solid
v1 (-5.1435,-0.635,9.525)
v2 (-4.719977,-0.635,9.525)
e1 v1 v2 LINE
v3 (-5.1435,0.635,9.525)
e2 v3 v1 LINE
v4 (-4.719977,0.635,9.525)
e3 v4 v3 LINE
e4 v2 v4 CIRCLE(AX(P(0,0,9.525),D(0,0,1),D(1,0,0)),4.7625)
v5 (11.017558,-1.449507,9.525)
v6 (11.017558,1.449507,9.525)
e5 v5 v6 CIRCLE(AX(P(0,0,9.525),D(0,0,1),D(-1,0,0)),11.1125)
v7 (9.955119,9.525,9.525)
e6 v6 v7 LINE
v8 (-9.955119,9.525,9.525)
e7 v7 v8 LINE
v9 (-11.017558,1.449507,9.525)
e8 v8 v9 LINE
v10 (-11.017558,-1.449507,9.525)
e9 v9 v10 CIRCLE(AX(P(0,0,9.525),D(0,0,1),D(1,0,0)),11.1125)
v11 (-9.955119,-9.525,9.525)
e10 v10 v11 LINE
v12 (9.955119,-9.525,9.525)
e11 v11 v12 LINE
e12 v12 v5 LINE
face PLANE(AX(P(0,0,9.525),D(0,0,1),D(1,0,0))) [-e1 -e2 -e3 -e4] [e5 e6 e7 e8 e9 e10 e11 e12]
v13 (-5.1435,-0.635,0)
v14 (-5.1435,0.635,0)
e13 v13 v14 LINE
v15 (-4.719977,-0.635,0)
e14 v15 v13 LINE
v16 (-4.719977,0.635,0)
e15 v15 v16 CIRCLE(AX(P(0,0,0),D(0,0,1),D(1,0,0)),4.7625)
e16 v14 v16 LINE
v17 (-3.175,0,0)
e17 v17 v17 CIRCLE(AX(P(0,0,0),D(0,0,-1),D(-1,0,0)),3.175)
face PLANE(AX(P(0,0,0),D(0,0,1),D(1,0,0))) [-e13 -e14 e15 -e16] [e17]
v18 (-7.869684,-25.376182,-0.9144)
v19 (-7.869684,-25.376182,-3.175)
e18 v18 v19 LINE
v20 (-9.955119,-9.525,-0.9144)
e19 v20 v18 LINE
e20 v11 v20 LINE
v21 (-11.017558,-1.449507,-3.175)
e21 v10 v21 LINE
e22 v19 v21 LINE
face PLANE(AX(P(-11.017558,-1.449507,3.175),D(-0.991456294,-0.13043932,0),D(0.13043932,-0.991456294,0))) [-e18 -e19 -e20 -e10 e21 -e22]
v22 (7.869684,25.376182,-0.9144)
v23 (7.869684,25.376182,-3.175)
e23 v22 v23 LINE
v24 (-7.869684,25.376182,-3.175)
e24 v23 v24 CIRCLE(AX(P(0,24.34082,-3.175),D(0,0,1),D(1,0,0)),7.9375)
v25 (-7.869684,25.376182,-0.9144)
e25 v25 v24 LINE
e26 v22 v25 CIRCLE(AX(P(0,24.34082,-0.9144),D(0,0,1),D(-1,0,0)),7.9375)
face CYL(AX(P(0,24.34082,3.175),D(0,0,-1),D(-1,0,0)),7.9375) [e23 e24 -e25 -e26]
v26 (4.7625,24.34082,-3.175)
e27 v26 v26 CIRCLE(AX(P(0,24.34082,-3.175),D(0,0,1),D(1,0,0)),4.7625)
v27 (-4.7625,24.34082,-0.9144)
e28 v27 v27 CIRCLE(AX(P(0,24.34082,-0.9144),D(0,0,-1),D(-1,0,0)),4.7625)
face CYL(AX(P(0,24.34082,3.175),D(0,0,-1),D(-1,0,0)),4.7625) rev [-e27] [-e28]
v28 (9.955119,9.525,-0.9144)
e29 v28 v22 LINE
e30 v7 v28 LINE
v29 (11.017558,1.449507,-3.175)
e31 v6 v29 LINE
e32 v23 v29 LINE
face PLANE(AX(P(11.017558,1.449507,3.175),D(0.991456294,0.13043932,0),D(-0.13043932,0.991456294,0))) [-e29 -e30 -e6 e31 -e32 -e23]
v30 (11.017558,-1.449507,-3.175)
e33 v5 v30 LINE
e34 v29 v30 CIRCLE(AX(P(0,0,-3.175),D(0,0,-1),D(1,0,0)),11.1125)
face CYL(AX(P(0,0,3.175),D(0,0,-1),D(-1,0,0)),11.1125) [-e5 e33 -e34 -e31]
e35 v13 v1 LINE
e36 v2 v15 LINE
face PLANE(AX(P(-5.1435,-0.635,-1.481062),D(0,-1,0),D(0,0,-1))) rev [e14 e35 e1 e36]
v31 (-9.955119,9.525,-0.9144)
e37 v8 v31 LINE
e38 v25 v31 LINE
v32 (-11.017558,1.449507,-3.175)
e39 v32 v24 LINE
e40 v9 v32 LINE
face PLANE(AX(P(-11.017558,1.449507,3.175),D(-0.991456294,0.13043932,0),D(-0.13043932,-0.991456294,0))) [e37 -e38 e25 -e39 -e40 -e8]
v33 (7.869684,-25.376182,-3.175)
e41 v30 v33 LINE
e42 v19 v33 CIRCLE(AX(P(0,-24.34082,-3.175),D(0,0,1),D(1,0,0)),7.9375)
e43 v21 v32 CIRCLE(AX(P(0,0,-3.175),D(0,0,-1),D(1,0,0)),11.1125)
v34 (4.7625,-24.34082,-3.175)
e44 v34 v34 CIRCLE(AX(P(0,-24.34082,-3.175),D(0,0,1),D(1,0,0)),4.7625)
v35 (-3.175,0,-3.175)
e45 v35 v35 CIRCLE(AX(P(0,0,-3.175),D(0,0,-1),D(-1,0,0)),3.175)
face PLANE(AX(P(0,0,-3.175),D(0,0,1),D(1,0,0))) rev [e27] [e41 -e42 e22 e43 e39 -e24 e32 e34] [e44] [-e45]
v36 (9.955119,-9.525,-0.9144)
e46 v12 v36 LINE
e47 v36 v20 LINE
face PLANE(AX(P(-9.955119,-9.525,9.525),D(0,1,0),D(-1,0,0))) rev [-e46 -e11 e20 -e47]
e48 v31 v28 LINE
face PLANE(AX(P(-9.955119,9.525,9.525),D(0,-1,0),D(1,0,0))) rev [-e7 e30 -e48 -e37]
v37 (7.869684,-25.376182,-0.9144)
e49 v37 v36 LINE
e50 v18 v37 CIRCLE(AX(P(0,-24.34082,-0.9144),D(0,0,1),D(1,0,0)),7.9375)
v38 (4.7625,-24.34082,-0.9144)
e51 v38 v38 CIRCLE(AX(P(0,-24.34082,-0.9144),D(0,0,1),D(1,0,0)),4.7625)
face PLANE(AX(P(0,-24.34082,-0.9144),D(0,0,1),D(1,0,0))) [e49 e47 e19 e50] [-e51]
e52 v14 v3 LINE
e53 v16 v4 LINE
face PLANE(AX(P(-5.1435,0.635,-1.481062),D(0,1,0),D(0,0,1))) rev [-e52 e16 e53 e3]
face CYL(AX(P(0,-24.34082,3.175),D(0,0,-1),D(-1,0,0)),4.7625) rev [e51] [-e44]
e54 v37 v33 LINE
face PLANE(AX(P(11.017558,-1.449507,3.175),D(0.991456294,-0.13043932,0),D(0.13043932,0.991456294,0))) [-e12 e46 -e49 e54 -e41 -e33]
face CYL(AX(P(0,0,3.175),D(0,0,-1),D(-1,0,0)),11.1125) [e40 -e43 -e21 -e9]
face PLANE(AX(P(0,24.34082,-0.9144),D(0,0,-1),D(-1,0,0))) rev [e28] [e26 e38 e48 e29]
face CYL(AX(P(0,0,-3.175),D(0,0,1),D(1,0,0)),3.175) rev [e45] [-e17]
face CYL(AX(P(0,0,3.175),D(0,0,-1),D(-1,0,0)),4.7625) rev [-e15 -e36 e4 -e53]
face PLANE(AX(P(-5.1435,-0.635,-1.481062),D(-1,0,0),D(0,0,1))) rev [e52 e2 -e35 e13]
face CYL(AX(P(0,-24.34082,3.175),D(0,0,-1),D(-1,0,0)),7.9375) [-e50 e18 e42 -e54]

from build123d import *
from build123d.topology import SkipClean

# Parameters (mm, degrees)
BOSS_EXTRUDE1_DEPTH = 3.175
BOSS_EXTRUDE2_START = 3.175
SKETCH2_R           = 3.175
BOSS_EXTRUDE2_DEPTH = 3.175
SKETCH3_R           = 4.7625
BOSS_EXTRUDE3_DEPTH = 6.35
BOSS_EXTRUDE4_START = 3.175
SKETCH4_R           = 4.7625
BOSS_EXTRUDE4_DEPTH = 3.175
CUT_EXTRUDE1_START  = -4.0894
CUT_EXTRUDE1_DEPTH  = 4.0894
SKETCH6_W           = 0.762
SKETCH6_H           = 1.27
CUT_EXTRUDE2_DEPTH  = 9.525


with BuildPart() as part:
    # Sketch1 → Boss-Extrude1 (new body)
    with BuildSketch(Plane.XY):
        with BuildLine():
            Line((11.017558073, 1.449506939), (7.869684338, 25.3761821))
            ThreePointArc((7.869684338, 25.3761821), (7.920527939, 24.859610334), (7.9375, 24.34082))
            ThreePointArc((7.9375, 24.34082), (5.612660076, 18.728159924), (0, 16.40332))
            Line((0, 16.40332), (0, 11.1125))
            ThreePointArc((0, 11.1125), (7.327346395, 8.354498851), (11.017558073, 1.449506939))
        make_face()
        with BuildLine():
            ThreePointArc((7.9375, 24.34082), (7.920527939, 24.859610334), (7.869684338, 25.3761821))
            ThreePointArc((7.869684338, 25.3761821), (5.233818854, 30.30831918), (0, 32.27832))
            Line((0, 32.27832), (0, 29.10332))
            ThreePointArc((0, 29.10332), (3.367596045, 27.708416045), (4.7625, 24.34082))
            ThreePointArc((4.7625, 24.34082), (3.367596045, 20.973223955), (0, 19.57832))
            Line((0, 19.57832), (0, 16.40332))
            ThreePointArc((0, 16.40332), (5.612660076, 18.728159924), (7.9375, 24.34082))
        make_face()
        with BuildLine():
            Line((0, 29.10332), (0, 32.27832))
            ThreePointArc((0, 32.27832), (-5.233818854, 30.30831918), (-7.869684338, 25.3761821))
            ThreePointArc((-7.869684338, 25.3761821), (-5.96749918, 19.107001146), (0, 16.40332))
            Line((0, 16.40332), (0, 19.57832))
            ThreePointArc((0, 19.57832), (-4.7625, 24.34082), (0, 29.10332))
        make_face()
        with BuildLine():
            ThreePointArc((-11.017558073, 1.449506939), (-7.327346395, 8.354498851), (0, 11.1125))
            Line((0, 11.1125), (0, 16.40332))
            ThreePointArc((0, 16.40332), (-5.96749918, 19.107001146), (-7.869684338, 25.3761821))
            Line((-7.869684338, 25.3761821), (-11.017558073, 1.449506939))
        make_face()
        with BuildLine():
            ThreePointArc((11.1125, 0), (11.088739115, 0.726306467), (11.017558073, 1.449506939))
            ThreePointArc((11.017558073, 1.449506939), (7.327346395, 8.354498851), (0, 11.1125))
            Line((0, 11.1125), (0, 4.7625))
            ThreePointArc((0, 4.7625), (3.367596045, 3.367596045), (4.7625, 0))
            ThreePointArc((4.7625, 0), (3.367596045, -3.367596045), (0, -4.7625))
            Line((0, -4.7625), (0, -11.1125))
            ThreePointArc((0, -11.1125), (7.327346395, -8.354498851), (11.017558073, -1.449506939))
            ThreePointArc((11.017558073, -1.449506939), (11.088739115, -0.726306467), (11.1125, 0))
        make_face()
        with BuildLine():
            Line((0, 4.7625), (0, 11.1125))
            ThreePointArc((0, 11.1125), (-7.327346395, 8.354498851), (-11.017558073, 1.449506939))
            ThreePointArc((-11.017558073, 1.449506939), (-11.1125, 0), (-11.017558073, -1.449506939))
            ThreePointArc((-11.017558073, -1.449506939), (-7.327346395, -8.354498851), (0, -11.1125))
            Line((0, -11.1125), (0, -4.7625))
            ThreePointArc((0, -4.7625), (-4.7625, 0), (0, 4.7625))
        make_face()
        with BuildLine():
            Line((7.869684338, -25.3761821), (11.017558073, -1.449506939))
            ThreePointArc((11.017558073, -1.449506939), (7.327346395, -8.354498851), (0, -11.1125))
            Line((0, -11.1125), (0, -16.40332))
            ThreePointArc((0, -16.40332), (5.612660076, -18.728159924), (7.9375, -24.34082))
            ThreePointArc((7.9375, -24.34082), (7.920527939, -24.859610334), (7.869684338, -25.3761821))
        make_face()
        with BuildLine():
            Line((0, -16.40332), (0, -11.1125))
            ThreePointArc((0, -11.1125), (-7.327346395, -8.354498851), (-11.017558073, -1.449506939))
            Line((-11.017558073, -1.449506939), (-7.869684338, -25.3761821))
            ThreePointArc((-7.869684338, -25.3761821), (-5.96749918, -19.107001146), (0, -16.40332))
        make_face()
        with BuildLine():
            ThreePointArc((0, -32.27832), (5.233818854, -30.30831918), (7.869684338, -25.3761821))
            ThreePointArc((7.869684338, -25.3761821), (7.920527939, -24.859610334), (7.9375, -24.34082))
            ThreePointArc((7.9375, -24.34082), (5.612660076, -18.728159924), (0, -16.40332))
            Line((0, -16.40332), (0, -19.57832))
            ThreePointArc((0, -19.57832), (3.367596045, -20.973223955), (4.7625, -24.34082))
            ThreePointArc((4.7625, -24.34082), (3.367596045, -27.708416045), (0, -29.10332))
            Line((0, -29.10332), (0, -32.27832))
        make_face()
        with BuildLine():
            ThreePointArc((-7.869684338, -25.3761821), (-5.233818854, -30.30831918), (0, -32.27832))
            Line((0, -32.27832), (0, -29.10332))
            ThreePointArc((0, -29.10332), (-4.7625, -24.34082), (0, -19.57832))
            Line((0, -19.57832), (0, -16.40332))
            ThreePointArc((0, -16.40332), (-5.96749918, -19.107001146), (-7.869684338, -25.3761821))
        make_face()
    extrude(amount=BOSS_EXTRUDE1_DEPTH)

    # Sketch2 → Boss-Extrude2 (add)
    with BuildSketch(Plane(origin=(0, 0, 0), x_dir=(-1, 0, 0), z_dir=(0, 0, -1)).offset(BOSS_EXTRUDE2_START)):
        with BuildLine():
            Line((-9.955119086, 9.525), (9.955119086, 9.525))
            Line((9.955119086, 9.525), (11.017558073, 1.449506939))
            ThreePointArc((11.017558073, 1.449506939), (11.1125, 0), (11.017558073, -1.449506939))
            Line((11.017558073, -1.449506939), (9.955119086, -9.525))
            Line((9.955119086, -9.525), (-9.955119086, -9.525))
            Line((-9.955119086, -9.525), (-11.017558073, -1.449506939))
            ThreePointArc((-11.017558073, -1.449506939), (-11.1125, 0), (-11.017558073, 1.449506939))
            Line((-11.017558073, 1.449506939), (-9.955119086, 9.525))
        make_face()
        Circle(SKETCH2_R, mode=Mode.SUBTRACT)
    extrude(amount=-BOSS_EXTRUDE2_DEPTH)

    # Sketch3 → Boss-Extrude3 (add)
    with SkipClean():  # the faces are left unmerged after this step: merging them gives an invalid solid
        with BuildSketch(Plane.XY.offset(3.175)):
            with BuildLine():
                Line((-9.955119086, 9.525), (9.955119086, 9.525))
                Line((9.955119086, 9.525), (11.017558073, 1.449506939))
                ThreePointArc((11.017558073, 1.449506939), (11.1125, 0), (11.017558073, -1.449506939))
                Line((11.017558073, -1.449506939), (9.955119086, -9.525))
                Line((9.955119086, -9.525), (-9.955119086, -9.525))
                Line((-9.955119086, -9.525), (-11.017558073, -1.449506939))
                ThreePointArc((-11.017558073, -1.449506939), (-11.1125, 0), (-11.017558073, 1.449506939))
                Line((-11.017558073, 1.449506939), (-9.955119086, 9.525))
            make_face()
            Circle(SKETCH3_R, mode=Mode.SUBTRACT)
        extrude(amount=BOSS_EXTRUDE3_DEPTH)

    # Sketch4 → Boss-Extrude4 (add)
    # profile 1 of 2: a face of its own
    with SkipClean():  # the faces are left unmerged after this step: merging them gives an invalid solid
        with BuildSketch(Plane(origin=(0, 0, 0), x_dir=(-1, 0, 0), z_dir=(0, 0, -1)).offset(BOSS_EXTRUDE4_START)):
            with BuildLine():
                Line((9.955119086, 9.525), (-9.955119086, 9.525))
                Line((-9.955119086, 9.525), (-7.869684338, 25.3761821))
                ThreePointArc((-7.869684338, 25.3761821), (0, 32.27832), (7.869684338, 25.3761821))
                Line((7.869684338, 25.3761821), (9.955119086, 9.525))
            make_face()
            with Locations(Location((0, 24.34082, 0), (0, 0, 180))):
                Circle(SKETCH4_R, mode=Mode.SUBTRACT)
        # profile 2 of 2: a face of its own
        with BuildSketch(Plane(origin=(0, 0, 0), x_dir=(-1, 0, 0), z_dir=(0, 0, -1)).offset(BOSS_EXTRUDE4_START)):
            with BuildLine():
                Line((-9.955119086, -9.525), (-7.869684338, -25.3761821))
                ThreePointArc((-7.869684338, -25.3761821), (0, -32.27832), (7.869684338, -25.3761821))
                Line((7.869684338, -25.3761821), (9.955119086, -9.525))
                Line((9.955119086, -9.525), (-9.955119086, -9.525))
            make_face()
            with Locations(Location((0, -24.34082, 0), (0, 0, 180))):
                Circle(SKETCH4_R, mode=Mode.SUBTRACT)
        extrude(amount=-BOSS_EXTRUDE4_DEPTH)

    # Sketch5 → Cut-Extrude1 (cut)
    with SkipClean():  # the faces are left unmerged after this step: merging them gives an invalid solid
        with BuildSketch(Plane.XY.offset(3.175).offset(CUT_EXTRUDE1_START)):
            with BuildLine():
                Line((-7.869684338, -25.3761821), (-9.955119086, -9.525))
                Line((-9.955119086, -9.525), (9.955119086, -9.525))
                Line((9.955119086, -9.525), (7.869684338, -25.3761821))
                ThreePointArc((7.869684338, -25.3761821), (0, -32.27832), (-7.869684338, -25.3761821))
            make_face()
            with BuildLine():
                Line((-7.869684338, 25.3761821), (-9.955119086, 9.525))
                Line((-9.955119086, 9.525), (9.955119086, 9.525))
                Line((9.955119086, 9.525), (7.869684338, 25.3761821))
                ThreePointArc((7.869684338, 25.3761821), (0, 32.27832), (-7.869684338, 25.3761821))
            make_face()
        extrude(amount=CUT_EXTRUDE1_DEPTH, mode=Mode.SUBTRACT)

    # Sketch6 → Cut-Extrude2 (cut)
    with SkipClean():  # the faces are left unmerged after this step: merging them gives an invalid solid
        with BuildSketch(Plane.XY.offset(9.525)):
            with Locations((-4.7625, 0)):
                Rectangle(SKETCH6_W, SKETCH6_H)
        extrude(amount=-CUT_EXTRUDE2_DEPTH, mode=Mode.SUBTRACT)


solid = part.part
